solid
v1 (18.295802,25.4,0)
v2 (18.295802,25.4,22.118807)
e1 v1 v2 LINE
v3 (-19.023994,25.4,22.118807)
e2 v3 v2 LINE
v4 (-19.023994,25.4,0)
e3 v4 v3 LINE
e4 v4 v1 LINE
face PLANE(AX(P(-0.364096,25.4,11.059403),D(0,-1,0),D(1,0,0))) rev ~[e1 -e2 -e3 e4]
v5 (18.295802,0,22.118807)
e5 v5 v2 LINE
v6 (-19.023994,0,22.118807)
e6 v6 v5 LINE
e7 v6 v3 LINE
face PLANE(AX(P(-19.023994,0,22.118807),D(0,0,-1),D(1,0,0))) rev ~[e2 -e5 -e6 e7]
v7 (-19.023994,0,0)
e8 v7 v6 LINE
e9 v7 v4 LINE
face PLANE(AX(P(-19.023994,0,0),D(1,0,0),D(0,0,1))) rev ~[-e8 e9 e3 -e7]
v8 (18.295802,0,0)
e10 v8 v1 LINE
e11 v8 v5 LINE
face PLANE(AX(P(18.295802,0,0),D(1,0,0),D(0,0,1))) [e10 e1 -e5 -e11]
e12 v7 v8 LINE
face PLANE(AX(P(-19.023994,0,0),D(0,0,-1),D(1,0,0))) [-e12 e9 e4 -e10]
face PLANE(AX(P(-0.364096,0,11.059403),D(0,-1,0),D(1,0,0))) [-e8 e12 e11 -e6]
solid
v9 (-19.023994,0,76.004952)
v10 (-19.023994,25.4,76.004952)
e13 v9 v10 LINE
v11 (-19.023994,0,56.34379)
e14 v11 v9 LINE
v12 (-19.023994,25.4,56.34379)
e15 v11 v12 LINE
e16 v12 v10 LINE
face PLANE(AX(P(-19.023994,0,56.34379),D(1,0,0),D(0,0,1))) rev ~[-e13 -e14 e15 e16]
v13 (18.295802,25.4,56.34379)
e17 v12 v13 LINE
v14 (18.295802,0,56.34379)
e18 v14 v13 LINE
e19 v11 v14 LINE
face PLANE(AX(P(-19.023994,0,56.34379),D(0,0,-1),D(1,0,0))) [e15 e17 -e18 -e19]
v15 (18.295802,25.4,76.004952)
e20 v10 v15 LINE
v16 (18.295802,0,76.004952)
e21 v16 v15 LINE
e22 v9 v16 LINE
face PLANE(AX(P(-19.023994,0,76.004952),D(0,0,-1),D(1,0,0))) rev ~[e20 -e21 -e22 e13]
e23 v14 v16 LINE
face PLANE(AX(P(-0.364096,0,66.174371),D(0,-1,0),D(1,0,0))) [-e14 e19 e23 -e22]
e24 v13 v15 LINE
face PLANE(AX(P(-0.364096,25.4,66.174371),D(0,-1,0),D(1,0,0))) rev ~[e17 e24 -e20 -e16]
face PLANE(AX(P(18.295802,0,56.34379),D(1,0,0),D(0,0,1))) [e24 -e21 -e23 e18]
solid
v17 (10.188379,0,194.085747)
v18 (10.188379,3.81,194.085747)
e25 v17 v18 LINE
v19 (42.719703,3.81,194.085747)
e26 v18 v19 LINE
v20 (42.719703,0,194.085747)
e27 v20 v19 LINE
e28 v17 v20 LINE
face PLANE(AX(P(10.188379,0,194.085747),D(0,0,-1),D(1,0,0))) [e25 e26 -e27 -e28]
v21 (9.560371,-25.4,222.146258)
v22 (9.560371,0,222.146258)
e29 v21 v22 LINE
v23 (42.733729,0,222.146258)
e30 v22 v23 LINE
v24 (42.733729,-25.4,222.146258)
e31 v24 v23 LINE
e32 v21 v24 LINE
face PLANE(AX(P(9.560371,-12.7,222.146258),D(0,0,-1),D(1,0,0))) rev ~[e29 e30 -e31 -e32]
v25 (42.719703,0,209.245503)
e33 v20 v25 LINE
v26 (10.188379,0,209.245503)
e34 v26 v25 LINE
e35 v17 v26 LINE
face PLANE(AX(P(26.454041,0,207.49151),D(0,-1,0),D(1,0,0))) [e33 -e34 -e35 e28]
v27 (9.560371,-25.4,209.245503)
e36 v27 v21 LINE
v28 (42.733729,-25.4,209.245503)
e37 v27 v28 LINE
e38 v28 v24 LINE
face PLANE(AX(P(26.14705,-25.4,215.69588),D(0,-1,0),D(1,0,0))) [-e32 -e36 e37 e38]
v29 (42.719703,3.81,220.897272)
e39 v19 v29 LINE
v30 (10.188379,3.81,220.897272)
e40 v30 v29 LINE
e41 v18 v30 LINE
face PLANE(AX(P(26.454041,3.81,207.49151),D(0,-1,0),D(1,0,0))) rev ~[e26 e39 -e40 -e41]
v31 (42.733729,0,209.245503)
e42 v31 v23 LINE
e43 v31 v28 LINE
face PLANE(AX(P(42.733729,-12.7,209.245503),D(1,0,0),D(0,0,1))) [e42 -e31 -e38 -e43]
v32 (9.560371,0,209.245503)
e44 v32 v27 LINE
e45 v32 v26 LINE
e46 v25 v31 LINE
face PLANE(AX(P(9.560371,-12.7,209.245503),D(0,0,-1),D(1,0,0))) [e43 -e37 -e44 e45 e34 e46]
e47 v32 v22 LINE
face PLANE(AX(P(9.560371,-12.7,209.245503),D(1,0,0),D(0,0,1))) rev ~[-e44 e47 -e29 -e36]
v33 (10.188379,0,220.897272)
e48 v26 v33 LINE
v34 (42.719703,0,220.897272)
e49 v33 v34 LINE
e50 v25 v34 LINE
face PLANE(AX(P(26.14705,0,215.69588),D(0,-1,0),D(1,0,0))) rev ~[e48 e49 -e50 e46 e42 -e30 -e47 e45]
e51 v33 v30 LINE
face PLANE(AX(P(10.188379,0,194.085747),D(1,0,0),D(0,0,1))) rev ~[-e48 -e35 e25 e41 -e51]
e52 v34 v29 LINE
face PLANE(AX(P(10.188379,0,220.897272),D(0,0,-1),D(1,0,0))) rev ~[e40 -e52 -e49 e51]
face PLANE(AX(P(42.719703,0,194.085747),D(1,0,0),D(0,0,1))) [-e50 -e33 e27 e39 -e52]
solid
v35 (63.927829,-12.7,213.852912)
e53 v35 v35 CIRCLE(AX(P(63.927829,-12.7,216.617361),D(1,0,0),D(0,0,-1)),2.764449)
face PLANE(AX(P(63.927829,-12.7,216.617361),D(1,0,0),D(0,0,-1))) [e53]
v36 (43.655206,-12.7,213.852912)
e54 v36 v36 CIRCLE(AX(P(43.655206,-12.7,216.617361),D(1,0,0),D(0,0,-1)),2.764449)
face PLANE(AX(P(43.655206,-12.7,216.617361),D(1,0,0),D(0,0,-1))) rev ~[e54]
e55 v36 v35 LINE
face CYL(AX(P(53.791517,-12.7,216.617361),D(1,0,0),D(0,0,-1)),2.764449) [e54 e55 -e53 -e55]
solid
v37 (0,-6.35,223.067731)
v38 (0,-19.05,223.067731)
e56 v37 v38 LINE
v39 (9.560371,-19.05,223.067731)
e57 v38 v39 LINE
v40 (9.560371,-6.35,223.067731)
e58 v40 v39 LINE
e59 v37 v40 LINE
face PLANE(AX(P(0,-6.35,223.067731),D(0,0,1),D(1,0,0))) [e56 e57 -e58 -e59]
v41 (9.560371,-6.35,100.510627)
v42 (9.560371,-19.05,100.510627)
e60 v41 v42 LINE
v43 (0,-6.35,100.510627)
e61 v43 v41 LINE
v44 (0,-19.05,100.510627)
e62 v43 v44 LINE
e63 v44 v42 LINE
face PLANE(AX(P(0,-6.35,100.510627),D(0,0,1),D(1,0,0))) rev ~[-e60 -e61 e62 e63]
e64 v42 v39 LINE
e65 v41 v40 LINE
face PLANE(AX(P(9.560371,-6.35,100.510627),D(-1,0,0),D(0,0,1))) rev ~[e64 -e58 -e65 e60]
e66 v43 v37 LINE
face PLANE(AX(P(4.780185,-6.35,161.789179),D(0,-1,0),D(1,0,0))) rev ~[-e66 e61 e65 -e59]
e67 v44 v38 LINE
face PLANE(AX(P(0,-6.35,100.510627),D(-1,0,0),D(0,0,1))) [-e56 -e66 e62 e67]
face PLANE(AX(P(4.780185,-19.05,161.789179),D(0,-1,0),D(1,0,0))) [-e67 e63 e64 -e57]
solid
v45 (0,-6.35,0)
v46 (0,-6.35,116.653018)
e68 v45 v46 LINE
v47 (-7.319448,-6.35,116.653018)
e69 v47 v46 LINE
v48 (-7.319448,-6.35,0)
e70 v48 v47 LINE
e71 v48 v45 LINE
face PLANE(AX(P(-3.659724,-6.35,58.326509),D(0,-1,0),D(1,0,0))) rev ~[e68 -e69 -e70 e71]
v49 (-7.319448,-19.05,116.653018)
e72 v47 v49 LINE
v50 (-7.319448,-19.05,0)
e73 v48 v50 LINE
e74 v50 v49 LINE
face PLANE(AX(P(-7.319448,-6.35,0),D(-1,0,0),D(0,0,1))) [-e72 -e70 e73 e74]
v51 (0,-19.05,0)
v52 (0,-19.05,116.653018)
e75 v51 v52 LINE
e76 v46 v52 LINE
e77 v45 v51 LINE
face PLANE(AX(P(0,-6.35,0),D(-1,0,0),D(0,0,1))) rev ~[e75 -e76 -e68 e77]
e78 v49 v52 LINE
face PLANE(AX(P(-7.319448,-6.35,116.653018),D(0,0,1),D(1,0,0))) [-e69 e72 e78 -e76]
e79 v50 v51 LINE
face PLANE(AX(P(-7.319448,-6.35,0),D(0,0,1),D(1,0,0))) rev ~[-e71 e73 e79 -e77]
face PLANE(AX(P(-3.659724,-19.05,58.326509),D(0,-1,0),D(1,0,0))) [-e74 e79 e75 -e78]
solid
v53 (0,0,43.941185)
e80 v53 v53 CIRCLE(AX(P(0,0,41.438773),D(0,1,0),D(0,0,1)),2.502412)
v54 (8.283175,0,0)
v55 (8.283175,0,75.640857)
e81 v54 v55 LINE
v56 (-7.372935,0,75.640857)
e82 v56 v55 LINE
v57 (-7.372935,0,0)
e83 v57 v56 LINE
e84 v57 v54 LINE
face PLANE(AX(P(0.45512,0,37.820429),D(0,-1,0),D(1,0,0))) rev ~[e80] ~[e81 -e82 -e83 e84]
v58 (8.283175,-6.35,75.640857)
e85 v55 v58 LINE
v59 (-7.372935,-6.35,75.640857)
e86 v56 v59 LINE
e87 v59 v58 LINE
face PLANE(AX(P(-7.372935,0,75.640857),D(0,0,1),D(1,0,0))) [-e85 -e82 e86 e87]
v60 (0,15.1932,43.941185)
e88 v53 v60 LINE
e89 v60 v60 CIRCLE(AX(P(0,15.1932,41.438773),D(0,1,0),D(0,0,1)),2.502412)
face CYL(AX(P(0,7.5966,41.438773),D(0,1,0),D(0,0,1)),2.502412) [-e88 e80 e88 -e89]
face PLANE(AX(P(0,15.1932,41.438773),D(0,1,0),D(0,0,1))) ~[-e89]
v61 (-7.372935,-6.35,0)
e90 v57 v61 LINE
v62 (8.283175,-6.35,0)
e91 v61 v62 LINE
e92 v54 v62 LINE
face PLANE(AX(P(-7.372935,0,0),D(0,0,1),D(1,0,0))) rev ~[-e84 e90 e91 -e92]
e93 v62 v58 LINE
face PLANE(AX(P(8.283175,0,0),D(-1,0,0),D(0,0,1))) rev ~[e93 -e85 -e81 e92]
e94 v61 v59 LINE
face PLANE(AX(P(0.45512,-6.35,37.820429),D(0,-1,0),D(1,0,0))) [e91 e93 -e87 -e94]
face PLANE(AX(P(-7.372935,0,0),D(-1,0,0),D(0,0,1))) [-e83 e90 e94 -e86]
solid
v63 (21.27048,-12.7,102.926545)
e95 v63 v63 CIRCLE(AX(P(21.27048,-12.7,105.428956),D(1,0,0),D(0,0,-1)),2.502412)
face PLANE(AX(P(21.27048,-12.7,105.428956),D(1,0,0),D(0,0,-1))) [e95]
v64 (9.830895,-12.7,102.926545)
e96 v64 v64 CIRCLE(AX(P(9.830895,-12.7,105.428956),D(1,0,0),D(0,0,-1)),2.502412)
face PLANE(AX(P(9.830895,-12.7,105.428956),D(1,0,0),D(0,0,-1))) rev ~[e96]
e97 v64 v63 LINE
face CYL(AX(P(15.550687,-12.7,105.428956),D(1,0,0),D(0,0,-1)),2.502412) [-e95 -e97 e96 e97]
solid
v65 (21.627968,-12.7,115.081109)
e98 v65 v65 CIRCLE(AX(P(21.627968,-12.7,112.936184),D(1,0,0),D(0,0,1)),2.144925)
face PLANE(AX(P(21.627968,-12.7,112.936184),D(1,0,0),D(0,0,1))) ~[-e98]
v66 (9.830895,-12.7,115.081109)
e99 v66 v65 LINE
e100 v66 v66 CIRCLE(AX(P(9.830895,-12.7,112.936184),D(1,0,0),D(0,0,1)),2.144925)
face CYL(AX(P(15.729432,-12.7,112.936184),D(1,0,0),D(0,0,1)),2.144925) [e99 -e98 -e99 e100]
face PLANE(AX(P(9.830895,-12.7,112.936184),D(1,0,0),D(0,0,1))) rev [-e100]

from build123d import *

# Parameters (mm, degrees)
F0_W      = 37.3197961599
F0_H      = 22.118806839
F2_DEPTH  = 25.4
F0_H_2    = 19.6611620486
F1_W      = 15.6561098993
F1_H      = 75.6408572197
F3_DEPTH  = 6.35
F7_W      = 20.2726237476
F7_H      = 2.7644485235
F6_W      = 33.1733580679
F6_H      = 12.9007548094
F9_DEPTH  = 12.7
F4_W      = 7.3194480501
F4_H      = 116.6530176997
F10_DEPTH = 12.7
F5_W      = 9.5603708178
F5_H      = 122.5571036339
F11_DEPTH = 12.7
F12_W     = 11.7970732972
F12_H     = 2.1449252963
F13_W     = 11.4395851269
F13_H     = 2.5024116039
F19_W     = 32.5313238427
F19_H     = 26.8115252256
F20_DEPTH = 3.81
F21_W     = 15.1931997389
F21_H     = 2.5024116039


with BuildPart() as f2:
    # F0 (on Front) → F2 (new body)
    with BuildSketch(Plane.XZ):
        with Locations((-0.3640959039, 11.0594034195)):
            Rectangle(F0_W, F0_H)
    extrude(amount=-F2_DEPTH)


with BuildPart() as f2b:
    # F0 (on Front) → F2, piece 2 (new body)
    with BuildSketch(Plane.XZ):
        with Locations((-0.3640959039, 66.174371168)):
            Rectangle(F0_W, F0_H_2)
    extrude(amount=-F2_DEPTH)


with BuildPart() as f3:
    # F1 (on Front) → F3 (new body)
    with BuildSketch(Plane.XZ):
        with Locations((0.4551196471, 37.8204286098)):
            Rectangle(F1_W, F1_H)
    extrude(amount=F3_DEPTH)

    # F21 (on Right) → F22 (revolve)
    with BuildSketch(Plane.YZ):
        with Locations((7.5965998694, 42.6899790764)):
            Rectangle(F21_W, F21_H)
    revolve(axis=Axis((0, 7.5965998694, 41.4387732744), (0, 1, 0)))


with BuildPart() as f8:
    # F7 (on Front) → F8 (revolve)
    with BuildSketch(Plane.XZ):
        with Locations((53.7915173918, 215.2351364493)):
            Rectangle(F7_W, F7_H)
    revolve(axis=Axis((53.7915173918, 0, 216.6173607111), (1, 0, 0)))


with BuildPart() as f9:
    # F6 (on Front) → F9 (new body, symmetric)
    with BuildSketch(Plane.XZ):
        with Locations((26.1470498517, 215.6958803535)):
            Rectangle(F6_W, F6_H)
    extrude(amount=F9_DEPTH, both=True)


with BuildPart() as f10:
    # F4 (on Front) → F10 (new body)
    with BuildSketch(Plane.XZ):
        with Locations((-3.6597240251, 58.3265088499)):
            Rectangle(F4_W, F4_H)
    extrude(amount=F10_DEPTH)


with BuildPart() as f11:
    # F5 (on Front) → F11 (new body)
    with BuildSketch(Plane.XZ):
        with Locations((4.7801854089, 161.7891788483)):
            Rectangle(F5_W, F5_H)
    extrude(amount=F11_DEPTH)


with BuildPart() as f14:
    # F12 (on Front) → F14 (revolve)
    with BuildSketch(Plane.XZ):
        with Locations((15.7294315286, 114.0086464584)):
            Rectangle(F12_W, F12_H)
    revolve(axis=Axis((15.7294315286, 0, 112.9361838102), (1, 0, 0)))


with BuildPart() as f15:
    # F13 (on Front) → F15 (revolve)
    with BuildSketch(Plane.XZ):
        with Locations((15.5506874435, 104.1777506471)):
            Rectangle(F13_W, F13_H)
    revolve(axis=Axis((15.5506874435, 0, 105.428956449), (1, 0, 0)))


with BuildPart() as f11_1:
    # F16: moved
    add(f11.part.moved(Location((0, -6.35, 0))))


with BuildPart() as f10_1:
    # F16: moved
    add(f10.part.moved(Location((0, -6.35, 0))))


with BuildPart() as f15_1:
    # F16: moved
    add(f15.part.moved(Location((0, -6.35, 0))))


with BuildPart() as f14_1:
    # F16: moved
    add(f14.part.moved(Location((0, -6.35, 0))))


with BuildPart() as f9_1:
    # F16: moved
    add(f9.part.moved(Location((0, -6.35, 0))))


with BuildPart() as f8_1:
    # F16: moved
    add(f8.part.moved(Location((0, -6.35, 0))))


with BuildPart() as f14_2:
    # F17: moved
    add(f14_1.part.moved(Location((0, -6.35, 0))))


with BuildPart() as f15_2:
    # F17: moved
    add(f15_1.part.moved(Location((0, -6.35, 0))))


with BuildPart() as f9_2:
    # F18: moved
    add(f9_1.part.moved(Location((0, -6.35, 0))))

    # F19 (on Front) → F20 (join)
    with BuildSketch(Plane.XZ):
        with Locations((26.4540412463, 207.4915096164)):
            Rectangle(F19_W, F19_H)
    extrude(amount=-F20_DEPTH)


with BuildPart() as f8_2:
    # F18: moved
    add(f8_1.part.moved(Location((0, -6.35, 0))))


solid = Compound([f2.part, f2b.part, f3.part, f11_1.part, f10_1.part, f14_2.part, f15_2.part, f9_2.part, f8_2.part])
